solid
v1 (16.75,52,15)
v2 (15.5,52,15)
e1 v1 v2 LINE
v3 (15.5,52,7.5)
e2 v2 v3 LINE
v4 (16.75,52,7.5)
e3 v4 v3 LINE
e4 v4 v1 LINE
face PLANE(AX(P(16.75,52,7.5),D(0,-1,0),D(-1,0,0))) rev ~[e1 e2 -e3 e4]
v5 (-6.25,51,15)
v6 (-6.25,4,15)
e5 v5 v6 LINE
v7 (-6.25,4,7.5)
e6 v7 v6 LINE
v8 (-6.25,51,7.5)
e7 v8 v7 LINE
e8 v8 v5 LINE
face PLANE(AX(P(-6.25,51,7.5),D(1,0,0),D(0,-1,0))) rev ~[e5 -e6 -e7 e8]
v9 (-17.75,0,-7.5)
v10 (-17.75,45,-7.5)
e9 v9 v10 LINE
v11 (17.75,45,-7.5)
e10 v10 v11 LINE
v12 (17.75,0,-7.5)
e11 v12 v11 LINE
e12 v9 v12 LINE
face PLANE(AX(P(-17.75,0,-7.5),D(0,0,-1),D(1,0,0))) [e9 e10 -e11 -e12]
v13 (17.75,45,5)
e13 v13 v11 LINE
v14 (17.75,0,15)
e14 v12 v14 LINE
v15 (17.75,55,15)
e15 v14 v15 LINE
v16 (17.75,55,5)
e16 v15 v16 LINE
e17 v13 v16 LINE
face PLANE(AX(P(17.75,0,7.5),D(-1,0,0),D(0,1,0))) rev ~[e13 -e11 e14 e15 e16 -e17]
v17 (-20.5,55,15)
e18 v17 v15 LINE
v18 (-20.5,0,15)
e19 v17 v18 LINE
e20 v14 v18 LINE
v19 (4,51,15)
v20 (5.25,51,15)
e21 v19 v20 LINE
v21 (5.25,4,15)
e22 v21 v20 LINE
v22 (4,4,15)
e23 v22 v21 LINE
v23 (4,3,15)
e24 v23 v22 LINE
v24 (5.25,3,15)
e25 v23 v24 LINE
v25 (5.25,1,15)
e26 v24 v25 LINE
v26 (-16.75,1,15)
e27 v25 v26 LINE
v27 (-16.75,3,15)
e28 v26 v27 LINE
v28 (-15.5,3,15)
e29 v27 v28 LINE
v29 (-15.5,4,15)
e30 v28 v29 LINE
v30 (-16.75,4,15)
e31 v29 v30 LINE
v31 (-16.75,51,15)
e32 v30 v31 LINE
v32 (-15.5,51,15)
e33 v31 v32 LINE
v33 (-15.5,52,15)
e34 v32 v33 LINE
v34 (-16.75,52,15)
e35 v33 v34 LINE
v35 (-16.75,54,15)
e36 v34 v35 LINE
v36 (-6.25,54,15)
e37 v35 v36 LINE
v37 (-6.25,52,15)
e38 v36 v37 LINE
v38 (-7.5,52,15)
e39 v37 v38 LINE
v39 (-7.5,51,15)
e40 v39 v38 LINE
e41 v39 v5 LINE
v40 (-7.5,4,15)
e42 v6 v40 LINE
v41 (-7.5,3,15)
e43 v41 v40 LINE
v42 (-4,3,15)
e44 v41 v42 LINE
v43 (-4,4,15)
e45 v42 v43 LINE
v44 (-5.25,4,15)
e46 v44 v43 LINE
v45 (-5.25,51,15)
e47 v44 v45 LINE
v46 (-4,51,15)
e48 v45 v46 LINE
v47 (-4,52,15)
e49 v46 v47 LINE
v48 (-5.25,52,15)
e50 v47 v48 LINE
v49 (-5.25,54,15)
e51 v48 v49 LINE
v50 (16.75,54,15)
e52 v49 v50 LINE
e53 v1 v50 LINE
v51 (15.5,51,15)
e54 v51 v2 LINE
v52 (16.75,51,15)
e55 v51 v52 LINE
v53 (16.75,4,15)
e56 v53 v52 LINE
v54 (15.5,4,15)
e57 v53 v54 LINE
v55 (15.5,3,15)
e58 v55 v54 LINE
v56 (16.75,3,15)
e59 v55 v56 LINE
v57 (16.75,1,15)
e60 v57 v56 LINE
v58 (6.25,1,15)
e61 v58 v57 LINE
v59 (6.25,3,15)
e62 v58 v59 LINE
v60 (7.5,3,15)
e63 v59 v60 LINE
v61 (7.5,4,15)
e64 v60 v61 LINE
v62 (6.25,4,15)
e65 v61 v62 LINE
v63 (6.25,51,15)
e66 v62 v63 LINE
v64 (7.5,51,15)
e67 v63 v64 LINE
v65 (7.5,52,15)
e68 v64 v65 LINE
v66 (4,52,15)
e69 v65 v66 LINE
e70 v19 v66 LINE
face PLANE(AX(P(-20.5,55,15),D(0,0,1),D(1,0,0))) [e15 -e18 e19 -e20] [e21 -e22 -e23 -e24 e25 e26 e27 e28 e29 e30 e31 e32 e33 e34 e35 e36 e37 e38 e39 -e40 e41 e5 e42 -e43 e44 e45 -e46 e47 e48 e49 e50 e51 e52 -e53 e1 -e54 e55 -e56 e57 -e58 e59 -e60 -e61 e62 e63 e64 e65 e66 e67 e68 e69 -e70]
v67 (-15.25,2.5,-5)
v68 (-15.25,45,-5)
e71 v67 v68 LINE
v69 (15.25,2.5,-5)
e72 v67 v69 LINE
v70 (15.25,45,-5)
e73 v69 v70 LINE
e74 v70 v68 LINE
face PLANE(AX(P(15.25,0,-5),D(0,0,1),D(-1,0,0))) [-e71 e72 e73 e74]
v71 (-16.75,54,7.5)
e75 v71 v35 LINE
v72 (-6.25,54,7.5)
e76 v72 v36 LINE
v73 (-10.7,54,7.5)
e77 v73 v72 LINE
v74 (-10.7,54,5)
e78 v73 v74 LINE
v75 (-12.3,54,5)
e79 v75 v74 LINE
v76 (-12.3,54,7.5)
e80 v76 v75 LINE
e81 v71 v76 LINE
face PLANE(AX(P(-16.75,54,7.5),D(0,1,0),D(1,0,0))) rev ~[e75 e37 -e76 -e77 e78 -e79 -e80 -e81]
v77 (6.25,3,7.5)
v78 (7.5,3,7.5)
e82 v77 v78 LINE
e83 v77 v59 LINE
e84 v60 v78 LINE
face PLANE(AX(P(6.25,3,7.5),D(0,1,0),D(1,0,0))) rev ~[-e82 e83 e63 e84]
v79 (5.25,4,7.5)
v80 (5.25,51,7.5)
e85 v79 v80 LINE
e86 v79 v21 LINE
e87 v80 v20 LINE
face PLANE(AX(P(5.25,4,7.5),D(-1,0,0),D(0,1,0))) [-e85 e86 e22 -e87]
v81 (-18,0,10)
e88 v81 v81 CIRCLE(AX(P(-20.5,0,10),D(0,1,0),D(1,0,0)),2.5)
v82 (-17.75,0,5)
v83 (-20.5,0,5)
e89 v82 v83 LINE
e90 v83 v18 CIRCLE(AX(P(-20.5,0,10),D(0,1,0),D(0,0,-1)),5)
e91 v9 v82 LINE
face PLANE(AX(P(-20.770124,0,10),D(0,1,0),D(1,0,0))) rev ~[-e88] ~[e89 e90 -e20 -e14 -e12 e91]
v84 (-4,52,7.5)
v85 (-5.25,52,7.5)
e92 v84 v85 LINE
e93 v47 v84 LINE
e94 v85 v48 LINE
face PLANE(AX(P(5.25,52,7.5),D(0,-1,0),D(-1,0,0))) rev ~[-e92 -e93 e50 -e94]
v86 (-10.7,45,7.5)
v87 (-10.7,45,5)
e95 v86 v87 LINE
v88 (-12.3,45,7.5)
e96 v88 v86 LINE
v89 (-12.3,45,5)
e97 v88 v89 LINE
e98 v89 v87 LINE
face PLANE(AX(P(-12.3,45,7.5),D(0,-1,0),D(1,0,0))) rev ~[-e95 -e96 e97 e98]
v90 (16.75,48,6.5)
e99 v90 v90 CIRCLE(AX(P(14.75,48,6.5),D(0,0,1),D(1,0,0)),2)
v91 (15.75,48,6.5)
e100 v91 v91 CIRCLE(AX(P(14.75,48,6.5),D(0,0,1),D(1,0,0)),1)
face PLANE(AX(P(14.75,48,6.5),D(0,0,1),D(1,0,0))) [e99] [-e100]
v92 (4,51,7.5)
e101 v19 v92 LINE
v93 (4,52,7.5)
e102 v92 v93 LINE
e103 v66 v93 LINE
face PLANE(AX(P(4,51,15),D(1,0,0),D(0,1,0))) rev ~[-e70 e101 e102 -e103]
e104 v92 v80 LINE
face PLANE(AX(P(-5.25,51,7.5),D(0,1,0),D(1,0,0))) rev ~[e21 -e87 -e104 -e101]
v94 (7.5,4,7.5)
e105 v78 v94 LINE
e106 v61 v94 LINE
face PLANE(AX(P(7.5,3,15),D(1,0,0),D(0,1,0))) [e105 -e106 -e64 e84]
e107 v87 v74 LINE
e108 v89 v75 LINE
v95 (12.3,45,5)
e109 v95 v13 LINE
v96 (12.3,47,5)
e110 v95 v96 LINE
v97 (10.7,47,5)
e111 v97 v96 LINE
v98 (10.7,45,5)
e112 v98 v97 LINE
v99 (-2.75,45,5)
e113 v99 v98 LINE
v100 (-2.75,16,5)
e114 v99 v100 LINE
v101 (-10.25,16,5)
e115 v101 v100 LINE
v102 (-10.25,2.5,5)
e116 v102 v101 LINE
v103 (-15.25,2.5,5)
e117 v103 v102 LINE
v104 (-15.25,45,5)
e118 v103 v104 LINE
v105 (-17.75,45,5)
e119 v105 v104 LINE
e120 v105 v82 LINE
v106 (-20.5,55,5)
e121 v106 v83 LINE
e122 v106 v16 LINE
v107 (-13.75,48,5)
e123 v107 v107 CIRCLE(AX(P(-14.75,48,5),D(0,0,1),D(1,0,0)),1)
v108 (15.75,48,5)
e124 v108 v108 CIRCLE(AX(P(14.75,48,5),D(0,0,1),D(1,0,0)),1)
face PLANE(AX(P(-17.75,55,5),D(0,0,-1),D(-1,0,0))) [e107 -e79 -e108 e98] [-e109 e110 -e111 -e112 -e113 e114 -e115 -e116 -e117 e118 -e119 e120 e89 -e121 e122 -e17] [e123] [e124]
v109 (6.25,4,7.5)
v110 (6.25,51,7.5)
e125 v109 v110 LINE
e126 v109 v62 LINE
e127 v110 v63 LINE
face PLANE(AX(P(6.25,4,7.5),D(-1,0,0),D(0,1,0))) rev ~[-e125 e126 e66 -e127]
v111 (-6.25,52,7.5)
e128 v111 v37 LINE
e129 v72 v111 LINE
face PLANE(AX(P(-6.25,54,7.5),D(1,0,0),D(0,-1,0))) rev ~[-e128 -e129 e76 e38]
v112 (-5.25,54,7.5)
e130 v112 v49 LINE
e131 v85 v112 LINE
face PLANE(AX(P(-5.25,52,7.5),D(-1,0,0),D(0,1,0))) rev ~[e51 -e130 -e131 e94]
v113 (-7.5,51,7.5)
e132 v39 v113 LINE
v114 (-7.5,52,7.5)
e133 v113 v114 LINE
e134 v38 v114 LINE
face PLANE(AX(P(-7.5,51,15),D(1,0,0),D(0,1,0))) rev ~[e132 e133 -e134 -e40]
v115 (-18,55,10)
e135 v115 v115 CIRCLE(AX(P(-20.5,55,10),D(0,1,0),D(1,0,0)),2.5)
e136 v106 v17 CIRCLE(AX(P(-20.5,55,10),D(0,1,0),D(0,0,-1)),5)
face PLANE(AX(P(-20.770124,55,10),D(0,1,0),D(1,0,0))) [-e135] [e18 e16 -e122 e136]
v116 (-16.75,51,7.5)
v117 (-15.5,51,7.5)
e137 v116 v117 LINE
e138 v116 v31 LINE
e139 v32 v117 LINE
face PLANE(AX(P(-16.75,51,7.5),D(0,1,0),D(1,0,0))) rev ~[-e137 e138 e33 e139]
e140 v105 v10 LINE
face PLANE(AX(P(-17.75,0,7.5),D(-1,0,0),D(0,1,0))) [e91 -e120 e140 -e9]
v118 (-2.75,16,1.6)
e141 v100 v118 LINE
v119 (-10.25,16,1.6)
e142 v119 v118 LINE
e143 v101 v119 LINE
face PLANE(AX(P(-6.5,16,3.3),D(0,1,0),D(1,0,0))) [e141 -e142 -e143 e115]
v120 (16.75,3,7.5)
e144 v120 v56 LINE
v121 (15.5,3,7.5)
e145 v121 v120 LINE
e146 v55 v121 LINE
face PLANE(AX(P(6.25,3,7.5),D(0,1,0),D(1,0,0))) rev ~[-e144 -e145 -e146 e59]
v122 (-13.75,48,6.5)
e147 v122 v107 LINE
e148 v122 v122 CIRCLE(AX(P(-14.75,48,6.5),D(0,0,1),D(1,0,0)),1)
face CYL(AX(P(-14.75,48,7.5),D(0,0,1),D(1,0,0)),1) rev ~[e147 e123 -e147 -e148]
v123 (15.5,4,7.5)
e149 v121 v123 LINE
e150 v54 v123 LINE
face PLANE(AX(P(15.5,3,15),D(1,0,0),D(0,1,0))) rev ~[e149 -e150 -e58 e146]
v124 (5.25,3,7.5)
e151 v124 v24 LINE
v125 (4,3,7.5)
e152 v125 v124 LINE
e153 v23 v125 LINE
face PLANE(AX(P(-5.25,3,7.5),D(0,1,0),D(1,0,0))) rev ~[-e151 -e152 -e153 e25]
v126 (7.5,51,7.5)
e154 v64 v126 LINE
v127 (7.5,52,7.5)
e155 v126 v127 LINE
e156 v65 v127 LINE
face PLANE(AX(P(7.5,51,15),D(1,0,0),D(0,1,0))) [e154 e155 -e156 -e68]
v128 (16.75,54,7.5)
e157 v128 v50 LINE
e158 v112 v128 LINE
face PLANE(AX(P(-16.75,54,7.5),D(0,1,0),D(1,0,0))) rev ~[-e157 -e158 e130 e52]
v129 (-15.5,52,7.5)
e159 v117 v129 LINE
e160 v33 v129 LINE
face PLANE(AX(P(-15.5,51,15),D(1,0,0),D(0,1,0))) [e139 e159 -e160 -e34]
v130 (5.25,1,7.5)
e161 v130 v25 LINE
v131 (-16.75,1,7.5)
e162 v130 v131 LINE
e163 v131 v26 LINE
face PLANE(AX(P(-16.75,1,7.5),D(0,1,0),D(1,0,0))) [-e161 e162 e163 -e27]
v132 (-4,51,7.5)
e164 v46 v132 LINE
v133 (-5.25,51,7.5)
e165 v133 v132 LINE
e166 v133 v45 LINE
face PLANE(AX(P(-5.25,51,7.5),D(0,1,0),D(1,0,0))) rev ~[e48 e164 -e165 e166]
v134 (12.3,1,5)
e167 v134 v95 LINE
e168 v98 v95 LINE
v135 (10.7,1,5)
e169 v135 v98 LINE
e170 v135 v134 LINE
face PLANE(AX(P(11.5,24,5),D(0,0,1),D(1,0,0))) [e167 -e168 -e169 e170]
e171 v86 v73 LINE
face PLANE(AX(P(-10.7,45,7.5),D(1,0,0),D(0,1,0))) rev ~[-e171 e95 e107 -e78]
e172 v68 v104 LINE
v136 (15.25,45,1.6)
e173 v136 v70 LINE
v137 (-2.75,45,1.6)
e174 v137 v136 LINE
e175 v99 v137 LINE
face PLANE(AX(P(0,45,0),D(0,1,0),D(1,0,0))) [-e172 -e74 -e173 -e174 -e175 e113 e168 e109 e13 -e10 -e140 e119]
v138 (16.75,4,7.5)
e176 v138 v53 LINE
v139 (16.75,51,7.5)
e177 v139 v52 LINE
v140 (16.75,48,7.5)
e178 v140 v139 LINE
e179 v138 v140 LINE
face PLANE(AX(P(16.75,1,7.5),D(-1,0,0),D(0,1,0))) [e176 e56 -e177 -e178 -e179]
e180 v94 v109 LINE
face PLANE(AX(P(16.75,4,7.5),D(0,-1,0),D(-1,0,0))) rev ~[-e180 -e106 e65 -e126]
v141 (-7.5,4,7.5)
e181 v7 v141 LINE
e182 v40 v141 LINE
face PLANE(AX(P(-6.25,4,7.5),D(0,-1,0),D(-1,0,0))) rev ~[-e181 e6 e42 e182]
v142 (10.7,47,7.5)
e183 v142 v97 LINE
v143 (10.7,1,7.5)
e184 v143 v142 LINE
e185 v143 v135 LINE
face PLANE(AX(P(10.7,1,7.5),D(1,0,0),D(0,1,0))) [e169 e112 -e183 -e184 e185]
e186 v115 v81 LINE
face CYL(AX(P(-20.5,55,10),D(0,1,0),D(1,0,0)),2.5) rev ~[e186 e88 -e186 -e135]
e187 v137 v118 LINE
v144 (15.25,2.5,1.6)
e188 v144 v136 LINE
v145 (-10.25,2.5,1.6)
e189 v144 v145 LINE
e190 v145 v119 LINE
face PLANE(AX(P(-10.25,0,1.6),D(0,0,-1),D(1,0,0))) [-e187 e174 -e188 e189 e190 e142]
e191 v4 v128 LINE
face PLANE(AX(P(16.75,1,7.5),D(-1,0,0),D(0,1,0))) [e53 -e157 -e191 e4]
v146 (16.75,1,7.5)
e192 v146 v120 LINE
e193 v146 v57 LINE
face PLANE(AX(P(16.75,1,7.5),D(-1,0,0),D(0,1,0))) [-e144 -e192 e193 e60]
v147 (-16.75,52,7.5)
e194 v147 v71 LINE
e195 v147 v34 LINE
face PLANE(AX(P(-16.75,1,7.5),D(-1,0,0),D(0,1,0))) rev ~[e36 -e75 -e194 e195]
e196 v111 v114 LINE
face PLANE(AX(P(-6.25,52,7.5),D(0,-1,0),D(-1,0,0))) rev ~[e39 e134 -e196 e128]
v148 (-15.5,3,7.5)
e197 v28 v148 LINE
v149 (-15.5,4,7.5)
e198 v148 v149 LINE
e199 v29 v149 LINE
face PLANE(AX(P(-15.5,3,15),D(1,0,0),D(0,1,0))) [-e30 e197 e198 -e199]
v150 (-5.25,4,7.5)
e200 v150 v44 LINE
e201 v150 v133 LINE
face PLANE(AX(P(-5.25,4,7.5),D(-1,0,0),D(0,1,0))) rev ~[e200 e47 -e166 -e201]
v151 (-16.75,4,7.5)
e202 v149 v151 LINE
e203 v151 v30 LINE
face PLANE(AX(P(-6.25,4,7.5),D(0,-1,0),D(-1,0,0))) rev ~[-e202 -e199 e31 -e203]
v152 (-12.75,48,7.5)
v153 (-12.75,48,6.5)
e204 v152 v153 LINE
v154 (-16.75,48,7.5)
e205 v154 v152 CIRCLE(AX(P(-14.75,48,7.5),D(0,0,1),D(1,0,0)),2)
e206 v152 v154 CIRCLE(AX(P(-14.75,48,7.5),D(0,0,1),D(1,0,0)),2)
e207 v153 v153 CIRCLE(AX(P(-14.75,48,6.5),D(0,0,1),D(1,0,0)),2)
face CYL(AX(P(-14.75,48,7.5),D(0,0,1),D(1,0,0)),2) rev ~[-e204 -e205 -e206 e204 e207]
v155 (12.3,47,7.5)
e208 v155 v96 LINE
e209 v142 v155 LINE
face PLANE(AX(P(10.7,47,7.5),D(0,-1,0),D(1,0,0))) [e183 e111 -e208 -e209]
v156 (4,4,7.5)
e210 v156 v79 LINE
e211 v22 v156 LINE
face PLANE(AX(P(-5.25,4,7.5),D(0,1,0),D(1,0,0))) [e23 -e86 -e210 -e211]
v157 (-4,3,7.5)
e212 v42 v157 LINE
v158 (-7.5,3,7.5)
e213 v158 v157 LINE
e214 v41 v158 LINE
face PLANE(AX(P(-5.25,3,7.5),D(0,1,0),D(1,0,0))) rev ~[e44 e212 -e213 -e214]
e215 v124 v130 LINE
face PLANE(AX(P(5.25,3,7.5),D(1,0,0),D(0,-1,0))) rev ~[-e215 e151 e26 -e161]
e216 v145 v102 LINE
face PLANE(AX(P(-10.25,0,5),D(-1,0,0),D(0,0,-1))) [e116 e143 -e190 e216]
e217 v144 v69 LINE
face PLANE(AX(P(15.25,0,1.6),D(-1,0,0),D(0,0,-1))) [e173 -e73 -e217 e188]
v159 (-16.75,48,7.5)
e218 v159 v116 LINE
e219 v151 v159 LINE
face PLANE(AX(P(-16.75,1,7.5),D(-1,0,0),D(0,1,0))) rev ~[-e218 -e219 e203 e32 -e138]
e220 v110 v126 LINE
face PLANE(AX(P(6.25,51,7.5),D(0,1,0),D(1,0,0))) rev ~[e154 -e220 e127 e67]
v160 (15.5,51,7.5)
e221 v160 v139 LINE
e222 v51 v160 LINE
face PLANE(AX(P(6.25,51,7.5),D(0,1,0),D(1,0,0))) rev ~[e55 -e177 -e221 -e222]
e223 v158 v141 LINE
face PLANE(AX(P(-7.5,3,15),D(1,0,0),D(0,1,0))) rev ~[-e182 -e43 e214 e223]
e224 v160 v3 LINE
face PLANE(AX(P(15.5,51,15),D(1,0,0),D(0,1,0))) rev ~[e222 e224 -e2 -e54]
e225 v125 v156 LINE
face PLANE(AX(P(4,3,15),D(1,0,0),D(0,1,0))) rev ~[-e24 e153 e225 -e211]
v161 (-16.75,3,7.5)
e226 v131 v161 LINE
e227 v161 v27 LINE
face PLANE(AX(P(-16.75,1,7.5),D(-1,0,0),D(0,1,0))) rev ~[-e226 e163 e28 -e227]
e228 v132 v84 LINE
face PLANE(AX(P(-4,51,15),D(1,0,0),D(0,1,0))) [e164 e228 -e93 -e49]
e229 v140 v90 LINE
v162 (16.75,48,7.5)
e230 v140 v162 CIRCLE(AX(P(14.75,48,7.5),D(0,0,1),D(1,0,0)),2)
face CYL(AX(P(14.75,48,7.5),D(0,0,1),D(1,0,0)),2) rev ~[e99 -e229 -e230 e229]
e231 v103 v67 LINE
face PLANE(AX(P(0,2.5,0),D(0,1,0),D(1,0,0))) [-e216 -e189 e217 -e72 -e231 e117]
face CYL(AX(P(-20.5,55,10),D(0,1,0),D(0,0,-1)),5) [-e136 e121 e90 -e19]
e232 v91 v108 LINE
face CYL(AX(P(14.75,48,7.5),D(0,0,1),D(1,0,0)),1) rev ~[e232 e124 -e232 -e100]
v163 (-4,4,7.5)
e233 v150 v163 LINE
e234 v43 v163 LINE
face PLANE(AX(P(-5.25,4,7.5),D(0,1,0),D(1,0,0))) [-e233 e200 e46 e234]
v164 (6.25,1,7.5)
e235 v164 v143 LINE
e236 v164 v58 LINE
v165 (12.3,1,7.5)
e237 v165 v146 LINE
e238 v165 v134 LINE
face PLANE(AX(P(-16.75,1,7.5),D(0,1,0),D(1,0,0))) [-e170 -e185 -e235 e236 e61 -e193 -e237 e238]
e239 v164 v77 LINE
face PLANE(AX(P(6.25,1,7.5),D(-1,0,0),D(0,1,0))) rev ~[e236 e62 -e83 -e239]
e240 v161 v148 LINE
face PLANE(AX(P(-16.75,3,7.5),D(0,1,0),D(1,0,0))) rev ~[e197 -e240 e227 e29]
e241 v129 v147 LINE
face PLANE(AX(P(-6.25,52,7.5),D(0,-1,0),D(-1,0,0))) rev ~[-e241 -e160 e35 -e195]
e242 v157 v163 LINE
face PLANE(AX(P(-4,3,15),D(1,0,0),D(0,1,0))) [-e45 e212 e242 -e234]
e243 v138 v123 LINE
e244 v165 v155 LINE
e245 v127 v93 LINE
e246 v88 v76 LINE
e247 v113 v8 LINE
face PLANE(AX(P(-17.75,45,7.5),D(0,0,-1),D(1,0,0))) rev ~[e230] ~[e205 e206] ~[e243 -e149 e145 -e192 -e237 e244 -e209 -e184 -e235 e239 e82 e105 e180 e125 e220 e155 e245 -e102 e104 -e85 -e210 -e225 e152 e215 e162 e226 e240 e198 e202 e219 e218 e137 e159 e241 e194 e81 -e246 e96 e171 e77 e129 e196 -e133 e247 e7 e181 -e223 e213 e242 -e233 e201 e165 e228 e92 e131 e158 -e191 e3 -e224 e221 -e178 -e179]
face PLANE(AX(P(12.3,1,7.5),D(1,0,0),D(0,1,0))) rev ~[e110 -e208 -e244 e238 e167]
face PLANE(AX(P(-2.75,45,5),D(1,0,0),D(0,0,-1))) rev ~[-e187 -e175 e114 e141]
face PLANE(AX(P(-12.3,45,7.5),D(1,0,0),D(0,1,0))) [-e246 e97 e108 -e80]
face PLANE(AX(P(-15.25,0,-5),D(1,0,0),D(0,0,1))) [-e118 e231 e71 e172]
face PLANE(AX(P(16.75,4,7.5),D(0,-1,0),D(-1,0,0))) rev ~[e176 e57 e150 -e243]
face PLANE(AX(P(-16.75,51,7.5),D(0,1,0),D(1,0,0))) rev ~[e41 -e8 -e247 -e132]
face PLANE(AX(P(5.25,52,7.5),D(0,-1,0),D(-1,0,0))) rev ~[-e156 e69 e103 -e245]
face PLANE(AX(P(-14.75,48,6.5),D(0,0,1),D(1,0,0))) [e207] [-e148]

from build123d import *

# Parameters (mm, degrees)
SKETCH1_W           = 30.5
SKETCH1_H           = 10
BOSS_EXTRUDE1_DEPTH = 2.5
SKETCH2_W           = 35.5
SKETCH2_H           = 15
BOSS_EXTRUDE3_DEPTH = 45
SKETCH3_W           = 7.5
SKETCH3_H           = 3.4
CUT_EXTRUDE1_DEPTH  = 29
SKETCH4_W           = 35.5
SKETCH4_H           = 2.5
BOSS_EXTRUDE4_DEPTH = 10
SKETCH5_W           = 35.5
SKETCH5_H           = 55
SKETCH5_W_2         = 33.5
SKETCH5_H_2         = 53
BOSS_EXTRUDE5_DEPTH = 7.5
SKETCH6_W           = 10.5
SKETCH6_H           = 47
BOSS_EXTRUDE6_DEPTH = 7.5
SKETCH7_W           = 8
SKETCH7_H           = 1
SKETCH7_W_2         = 1
SKETCH7_H_2         = 2
CUT_EXTRUDE2_DEPTH  = 7.5
SKETCH8_W           = 1.6
SKETCH8_H           = 46
SKETCH8_H_2         = 9
CUT_EXTRUDE3_DEPTH  = 2.5
CUT_EXTRUDE4_REACH  = 17
SKETCH9_R           = 1
SKETCH10_R          = 2
CUT_EXTRUDE5_DEPTH  = 1
SKETCH11_R          = 2.5
BOSS_EXTRUDE8_DEPTH = 55


with BuildPart() as part:
    # Sketch1 → Boss-Extrude1 (new body)
    with BuildSketch(Plane(origin=(0, 0, 0), x_dir=(1, 0, 0), z_dir=(0, 1, 0))):
        Rectangle(SKETCH1_W, SKETCH1_H)
    extrude(amount=BOSS_EXTRUDE1_DEPTH)

    # Sketch2 → Boss-Extrude3 (add)
    with BuildSketch(Plane(origin=(0, 0, 0), x_dir=(1, 0, 0), z_dir=(0, 1, 0))):
        Rectangle(SKETCH2_W, SKETCH2_H)
        Polygon((-15.25, 5), (-15.25, -5), (-10.25, -5), (-10.25, -1.6), (15.25, -1.6), (15.25, 5), align=None, mode=Mode.SUBTRACT)
    extrude(amount=BOSS_EXTRUDE3_DEPTH)

    # Sketch3 → Cut-Extrude1 (cut)
    with BuildSketch(Plane(origin=(0, 45, 0), x_dir=(1, 0, 0), z_dir=(0, 1, 0))):
        with Locations((-6.5, -3.3)):
            Rectangle(SKETCH3_W, SKETCH3_H)
    extrude(amount=-CUT_EXTRUDE1_DEPTH, mode=Mode.SUBTRACT)

    # Sketch4 → Boss-Extrude4 (add)
    with BuildSketch(Plane(origin=(0, 45, 0), x_dir=(1, 0, 0), z_dir=(0, 1, 0))):
        with Locations((0, -6.25)):
            Rectangle(SKETCH4_W, SKETCH4_H)
    extrude(amount=BOSS_EXTRUDE4_DEPTH)

    # Sketch5 → Boss-Extrude5 (add)
    with BuildSketch(Plane.XY.offset(7.5)):
        with Locations((0, 27.5)):
            Rectangle(SKETCH5_W, SKETCH5_H)
        with Locations((0, 27.5)):
            Rectangle(SKETCH5_W_2, SKETCH5_H_2, mode=Mode.SUBTRACT)
    extrude(amount=BOSS_EXTRUDE5_DEPTH)

    # Sketch6 → Boss-Extrude6 (add)
    with BuildSketch(Plane.XY.offset(7.5)):
        Polygon((-6.25, 54), (-6.25, 52), (-16.75, 52), (-16.75, 51), (-6.25, 51), (-6.25, 4), (-16.75, 4), (-16.75, 3), (-6.25, 3), (-6.25, 1), (-5.25, 1), (-5.25, 3), (5.25, 3), (5.25, 1), (6.25, 1), (6.25, 3), (16.75, 3), (16.75, 4), (6.25, 4), (6.25, 51), (16.75, 51), (16.75, 52), (6.25, 52), (6.25, 54), (5.25, 54), (5.25, 52), (-5.25, 52), (-5.25, 54), align=None)
        with Locations((0, 27.5)):
            Rectangle(SKETCH6_W, SKETCH6_H, mode=Mode.SUBTRACT)
    extrude(amount=BOSS_EXTRUDE6_DEPTH)

    # Sketch7 → Cut-Extrude2 (cut)
    with BuildSketch(Plane.XY.offset(15)):
        with Locations((0, 51.5)):
            Rectangle(SKETCH7_W, SKETCH7_H)
        with Locations((-11.5, 51.5)):
            Rectangle(SKETCH7_W, SKETCH7_H)
        with Locations((11.5, 51.5)):
            Rectangle(SKETCH7_W, SKETCH7_H)
        with Locations((11.5, 3.5)):
            Rectangle(SKETCH7_W, SKETCH7_H)
        with Locations((5.75, 53)):
            Rectangle(SKETCH7_W_2, SKETCH7_H_2)
        with Locations((0, 3.5)):
            Rectangle(SKETCH7_W, SKETCH7_H)
        with Locations((-11.5, 3.5)):
            Rectangle(SKETCH7_W, SKETCH7_H)
        with Locations((-5.75, 2)):
            Rectangle(SKETCH7_W_2, SKETCH7_H_2)
    extrude(amount=-CUT_EXTRUDE2_DEPTH, mode=Mode.SUBTRACT)

    # Sketch8 → Cut-Extrude3 (cut)
    with BuildSketch(Plane.XY.offset(7.5)):
        with Locations((11.5, 24)):
            Rectangle(SKETCH8_W, SKETCH8_H)
        with Locations((-11.5, 49.5)):
            Rectangle(SKETCH8_W, SKETCH8_H_2)
    extrude(amount=-CUT_EXTRUDE3_DEPTH, mode=Mode.SUBTRACT)

    # Sketch9 → Cut-Extrude4 (cut, up to next)
    with BuildSketch(Plane.XY.offset(7.5), mode=Mode.PRIVATE) as cut_extrude4_sk1:
        with Locations((-14.75, 48)):
            Circle(SKETCH9_R)
    cut_extrude4_tool1 = extrude(cut_extrude4_sk1.sketch, amount=-CUT_EXTRUDE4_REACH, mode=Mode.PRIVATE) & part.part
    add(cut_extrude4_tool1.solids().sort_by_distance((-14.75, 48, 7.5))[0], mode=Mode.SUBTRACT)
    # Sketch9 → Cut-Extrude4 (cut, up to next)
    with BuildSketch(Plane.XY.offset(7.5), mode=Mode.PRIVATE) as cut_extrude4_sk2:
        with Locations((14.75, 48)):
            Circle(SKETCH9_R)
    cut_extrude4_tool2 = extrude(cut_extrude4_sk2.sketch, amount=-CUT_EXTRUDE4_REACH, mode=Mode.PRIVATE) & part.part
    add(cut_extrude4_tool2.solids().sort_by_distance((14.75, 48, 7.5))[0], mode=Mode.SUBTRACT)

    # Sketch10 → Cut-Extrude5 (cut)
    with BuildSketch(Plane.XY.offset(7.5)):
        with Locations((-14.75, 48)):
            Circle(SKETCH10_R)
        with Locations((14.75, 48)):
            Circle(SKETCH10_R)
    extrude(amount=-CUT_EXTRUDE5_DEPTH, mode=Mode.SUBTRACT)

    # Sketch11 → Boss-Extrude8 (add)
    with BuildSketch(Plane(origin=(0, 55, 0), x_dir=(1, 0, 0), z_dir=(0, 1, 0))):
        with BuildLine():
            Line((-17.75, -5), (-20.5, -5))
            ThreePointArc((-20.5, -5), (-25.5, -10), (-20.5, -15))
            Line((-20.5, -15), (-17.75, -15))
            Line((-17.75, -15), (-17.75, -5))
        make_face()
        with Locations((-20.5, -10)):
            Circle(SKETCH11_R, mode=Mode.SUBTRACT)
    extrude(amount=-BOSS_EXTRUDE8_DEPTH)


solid = part.part
